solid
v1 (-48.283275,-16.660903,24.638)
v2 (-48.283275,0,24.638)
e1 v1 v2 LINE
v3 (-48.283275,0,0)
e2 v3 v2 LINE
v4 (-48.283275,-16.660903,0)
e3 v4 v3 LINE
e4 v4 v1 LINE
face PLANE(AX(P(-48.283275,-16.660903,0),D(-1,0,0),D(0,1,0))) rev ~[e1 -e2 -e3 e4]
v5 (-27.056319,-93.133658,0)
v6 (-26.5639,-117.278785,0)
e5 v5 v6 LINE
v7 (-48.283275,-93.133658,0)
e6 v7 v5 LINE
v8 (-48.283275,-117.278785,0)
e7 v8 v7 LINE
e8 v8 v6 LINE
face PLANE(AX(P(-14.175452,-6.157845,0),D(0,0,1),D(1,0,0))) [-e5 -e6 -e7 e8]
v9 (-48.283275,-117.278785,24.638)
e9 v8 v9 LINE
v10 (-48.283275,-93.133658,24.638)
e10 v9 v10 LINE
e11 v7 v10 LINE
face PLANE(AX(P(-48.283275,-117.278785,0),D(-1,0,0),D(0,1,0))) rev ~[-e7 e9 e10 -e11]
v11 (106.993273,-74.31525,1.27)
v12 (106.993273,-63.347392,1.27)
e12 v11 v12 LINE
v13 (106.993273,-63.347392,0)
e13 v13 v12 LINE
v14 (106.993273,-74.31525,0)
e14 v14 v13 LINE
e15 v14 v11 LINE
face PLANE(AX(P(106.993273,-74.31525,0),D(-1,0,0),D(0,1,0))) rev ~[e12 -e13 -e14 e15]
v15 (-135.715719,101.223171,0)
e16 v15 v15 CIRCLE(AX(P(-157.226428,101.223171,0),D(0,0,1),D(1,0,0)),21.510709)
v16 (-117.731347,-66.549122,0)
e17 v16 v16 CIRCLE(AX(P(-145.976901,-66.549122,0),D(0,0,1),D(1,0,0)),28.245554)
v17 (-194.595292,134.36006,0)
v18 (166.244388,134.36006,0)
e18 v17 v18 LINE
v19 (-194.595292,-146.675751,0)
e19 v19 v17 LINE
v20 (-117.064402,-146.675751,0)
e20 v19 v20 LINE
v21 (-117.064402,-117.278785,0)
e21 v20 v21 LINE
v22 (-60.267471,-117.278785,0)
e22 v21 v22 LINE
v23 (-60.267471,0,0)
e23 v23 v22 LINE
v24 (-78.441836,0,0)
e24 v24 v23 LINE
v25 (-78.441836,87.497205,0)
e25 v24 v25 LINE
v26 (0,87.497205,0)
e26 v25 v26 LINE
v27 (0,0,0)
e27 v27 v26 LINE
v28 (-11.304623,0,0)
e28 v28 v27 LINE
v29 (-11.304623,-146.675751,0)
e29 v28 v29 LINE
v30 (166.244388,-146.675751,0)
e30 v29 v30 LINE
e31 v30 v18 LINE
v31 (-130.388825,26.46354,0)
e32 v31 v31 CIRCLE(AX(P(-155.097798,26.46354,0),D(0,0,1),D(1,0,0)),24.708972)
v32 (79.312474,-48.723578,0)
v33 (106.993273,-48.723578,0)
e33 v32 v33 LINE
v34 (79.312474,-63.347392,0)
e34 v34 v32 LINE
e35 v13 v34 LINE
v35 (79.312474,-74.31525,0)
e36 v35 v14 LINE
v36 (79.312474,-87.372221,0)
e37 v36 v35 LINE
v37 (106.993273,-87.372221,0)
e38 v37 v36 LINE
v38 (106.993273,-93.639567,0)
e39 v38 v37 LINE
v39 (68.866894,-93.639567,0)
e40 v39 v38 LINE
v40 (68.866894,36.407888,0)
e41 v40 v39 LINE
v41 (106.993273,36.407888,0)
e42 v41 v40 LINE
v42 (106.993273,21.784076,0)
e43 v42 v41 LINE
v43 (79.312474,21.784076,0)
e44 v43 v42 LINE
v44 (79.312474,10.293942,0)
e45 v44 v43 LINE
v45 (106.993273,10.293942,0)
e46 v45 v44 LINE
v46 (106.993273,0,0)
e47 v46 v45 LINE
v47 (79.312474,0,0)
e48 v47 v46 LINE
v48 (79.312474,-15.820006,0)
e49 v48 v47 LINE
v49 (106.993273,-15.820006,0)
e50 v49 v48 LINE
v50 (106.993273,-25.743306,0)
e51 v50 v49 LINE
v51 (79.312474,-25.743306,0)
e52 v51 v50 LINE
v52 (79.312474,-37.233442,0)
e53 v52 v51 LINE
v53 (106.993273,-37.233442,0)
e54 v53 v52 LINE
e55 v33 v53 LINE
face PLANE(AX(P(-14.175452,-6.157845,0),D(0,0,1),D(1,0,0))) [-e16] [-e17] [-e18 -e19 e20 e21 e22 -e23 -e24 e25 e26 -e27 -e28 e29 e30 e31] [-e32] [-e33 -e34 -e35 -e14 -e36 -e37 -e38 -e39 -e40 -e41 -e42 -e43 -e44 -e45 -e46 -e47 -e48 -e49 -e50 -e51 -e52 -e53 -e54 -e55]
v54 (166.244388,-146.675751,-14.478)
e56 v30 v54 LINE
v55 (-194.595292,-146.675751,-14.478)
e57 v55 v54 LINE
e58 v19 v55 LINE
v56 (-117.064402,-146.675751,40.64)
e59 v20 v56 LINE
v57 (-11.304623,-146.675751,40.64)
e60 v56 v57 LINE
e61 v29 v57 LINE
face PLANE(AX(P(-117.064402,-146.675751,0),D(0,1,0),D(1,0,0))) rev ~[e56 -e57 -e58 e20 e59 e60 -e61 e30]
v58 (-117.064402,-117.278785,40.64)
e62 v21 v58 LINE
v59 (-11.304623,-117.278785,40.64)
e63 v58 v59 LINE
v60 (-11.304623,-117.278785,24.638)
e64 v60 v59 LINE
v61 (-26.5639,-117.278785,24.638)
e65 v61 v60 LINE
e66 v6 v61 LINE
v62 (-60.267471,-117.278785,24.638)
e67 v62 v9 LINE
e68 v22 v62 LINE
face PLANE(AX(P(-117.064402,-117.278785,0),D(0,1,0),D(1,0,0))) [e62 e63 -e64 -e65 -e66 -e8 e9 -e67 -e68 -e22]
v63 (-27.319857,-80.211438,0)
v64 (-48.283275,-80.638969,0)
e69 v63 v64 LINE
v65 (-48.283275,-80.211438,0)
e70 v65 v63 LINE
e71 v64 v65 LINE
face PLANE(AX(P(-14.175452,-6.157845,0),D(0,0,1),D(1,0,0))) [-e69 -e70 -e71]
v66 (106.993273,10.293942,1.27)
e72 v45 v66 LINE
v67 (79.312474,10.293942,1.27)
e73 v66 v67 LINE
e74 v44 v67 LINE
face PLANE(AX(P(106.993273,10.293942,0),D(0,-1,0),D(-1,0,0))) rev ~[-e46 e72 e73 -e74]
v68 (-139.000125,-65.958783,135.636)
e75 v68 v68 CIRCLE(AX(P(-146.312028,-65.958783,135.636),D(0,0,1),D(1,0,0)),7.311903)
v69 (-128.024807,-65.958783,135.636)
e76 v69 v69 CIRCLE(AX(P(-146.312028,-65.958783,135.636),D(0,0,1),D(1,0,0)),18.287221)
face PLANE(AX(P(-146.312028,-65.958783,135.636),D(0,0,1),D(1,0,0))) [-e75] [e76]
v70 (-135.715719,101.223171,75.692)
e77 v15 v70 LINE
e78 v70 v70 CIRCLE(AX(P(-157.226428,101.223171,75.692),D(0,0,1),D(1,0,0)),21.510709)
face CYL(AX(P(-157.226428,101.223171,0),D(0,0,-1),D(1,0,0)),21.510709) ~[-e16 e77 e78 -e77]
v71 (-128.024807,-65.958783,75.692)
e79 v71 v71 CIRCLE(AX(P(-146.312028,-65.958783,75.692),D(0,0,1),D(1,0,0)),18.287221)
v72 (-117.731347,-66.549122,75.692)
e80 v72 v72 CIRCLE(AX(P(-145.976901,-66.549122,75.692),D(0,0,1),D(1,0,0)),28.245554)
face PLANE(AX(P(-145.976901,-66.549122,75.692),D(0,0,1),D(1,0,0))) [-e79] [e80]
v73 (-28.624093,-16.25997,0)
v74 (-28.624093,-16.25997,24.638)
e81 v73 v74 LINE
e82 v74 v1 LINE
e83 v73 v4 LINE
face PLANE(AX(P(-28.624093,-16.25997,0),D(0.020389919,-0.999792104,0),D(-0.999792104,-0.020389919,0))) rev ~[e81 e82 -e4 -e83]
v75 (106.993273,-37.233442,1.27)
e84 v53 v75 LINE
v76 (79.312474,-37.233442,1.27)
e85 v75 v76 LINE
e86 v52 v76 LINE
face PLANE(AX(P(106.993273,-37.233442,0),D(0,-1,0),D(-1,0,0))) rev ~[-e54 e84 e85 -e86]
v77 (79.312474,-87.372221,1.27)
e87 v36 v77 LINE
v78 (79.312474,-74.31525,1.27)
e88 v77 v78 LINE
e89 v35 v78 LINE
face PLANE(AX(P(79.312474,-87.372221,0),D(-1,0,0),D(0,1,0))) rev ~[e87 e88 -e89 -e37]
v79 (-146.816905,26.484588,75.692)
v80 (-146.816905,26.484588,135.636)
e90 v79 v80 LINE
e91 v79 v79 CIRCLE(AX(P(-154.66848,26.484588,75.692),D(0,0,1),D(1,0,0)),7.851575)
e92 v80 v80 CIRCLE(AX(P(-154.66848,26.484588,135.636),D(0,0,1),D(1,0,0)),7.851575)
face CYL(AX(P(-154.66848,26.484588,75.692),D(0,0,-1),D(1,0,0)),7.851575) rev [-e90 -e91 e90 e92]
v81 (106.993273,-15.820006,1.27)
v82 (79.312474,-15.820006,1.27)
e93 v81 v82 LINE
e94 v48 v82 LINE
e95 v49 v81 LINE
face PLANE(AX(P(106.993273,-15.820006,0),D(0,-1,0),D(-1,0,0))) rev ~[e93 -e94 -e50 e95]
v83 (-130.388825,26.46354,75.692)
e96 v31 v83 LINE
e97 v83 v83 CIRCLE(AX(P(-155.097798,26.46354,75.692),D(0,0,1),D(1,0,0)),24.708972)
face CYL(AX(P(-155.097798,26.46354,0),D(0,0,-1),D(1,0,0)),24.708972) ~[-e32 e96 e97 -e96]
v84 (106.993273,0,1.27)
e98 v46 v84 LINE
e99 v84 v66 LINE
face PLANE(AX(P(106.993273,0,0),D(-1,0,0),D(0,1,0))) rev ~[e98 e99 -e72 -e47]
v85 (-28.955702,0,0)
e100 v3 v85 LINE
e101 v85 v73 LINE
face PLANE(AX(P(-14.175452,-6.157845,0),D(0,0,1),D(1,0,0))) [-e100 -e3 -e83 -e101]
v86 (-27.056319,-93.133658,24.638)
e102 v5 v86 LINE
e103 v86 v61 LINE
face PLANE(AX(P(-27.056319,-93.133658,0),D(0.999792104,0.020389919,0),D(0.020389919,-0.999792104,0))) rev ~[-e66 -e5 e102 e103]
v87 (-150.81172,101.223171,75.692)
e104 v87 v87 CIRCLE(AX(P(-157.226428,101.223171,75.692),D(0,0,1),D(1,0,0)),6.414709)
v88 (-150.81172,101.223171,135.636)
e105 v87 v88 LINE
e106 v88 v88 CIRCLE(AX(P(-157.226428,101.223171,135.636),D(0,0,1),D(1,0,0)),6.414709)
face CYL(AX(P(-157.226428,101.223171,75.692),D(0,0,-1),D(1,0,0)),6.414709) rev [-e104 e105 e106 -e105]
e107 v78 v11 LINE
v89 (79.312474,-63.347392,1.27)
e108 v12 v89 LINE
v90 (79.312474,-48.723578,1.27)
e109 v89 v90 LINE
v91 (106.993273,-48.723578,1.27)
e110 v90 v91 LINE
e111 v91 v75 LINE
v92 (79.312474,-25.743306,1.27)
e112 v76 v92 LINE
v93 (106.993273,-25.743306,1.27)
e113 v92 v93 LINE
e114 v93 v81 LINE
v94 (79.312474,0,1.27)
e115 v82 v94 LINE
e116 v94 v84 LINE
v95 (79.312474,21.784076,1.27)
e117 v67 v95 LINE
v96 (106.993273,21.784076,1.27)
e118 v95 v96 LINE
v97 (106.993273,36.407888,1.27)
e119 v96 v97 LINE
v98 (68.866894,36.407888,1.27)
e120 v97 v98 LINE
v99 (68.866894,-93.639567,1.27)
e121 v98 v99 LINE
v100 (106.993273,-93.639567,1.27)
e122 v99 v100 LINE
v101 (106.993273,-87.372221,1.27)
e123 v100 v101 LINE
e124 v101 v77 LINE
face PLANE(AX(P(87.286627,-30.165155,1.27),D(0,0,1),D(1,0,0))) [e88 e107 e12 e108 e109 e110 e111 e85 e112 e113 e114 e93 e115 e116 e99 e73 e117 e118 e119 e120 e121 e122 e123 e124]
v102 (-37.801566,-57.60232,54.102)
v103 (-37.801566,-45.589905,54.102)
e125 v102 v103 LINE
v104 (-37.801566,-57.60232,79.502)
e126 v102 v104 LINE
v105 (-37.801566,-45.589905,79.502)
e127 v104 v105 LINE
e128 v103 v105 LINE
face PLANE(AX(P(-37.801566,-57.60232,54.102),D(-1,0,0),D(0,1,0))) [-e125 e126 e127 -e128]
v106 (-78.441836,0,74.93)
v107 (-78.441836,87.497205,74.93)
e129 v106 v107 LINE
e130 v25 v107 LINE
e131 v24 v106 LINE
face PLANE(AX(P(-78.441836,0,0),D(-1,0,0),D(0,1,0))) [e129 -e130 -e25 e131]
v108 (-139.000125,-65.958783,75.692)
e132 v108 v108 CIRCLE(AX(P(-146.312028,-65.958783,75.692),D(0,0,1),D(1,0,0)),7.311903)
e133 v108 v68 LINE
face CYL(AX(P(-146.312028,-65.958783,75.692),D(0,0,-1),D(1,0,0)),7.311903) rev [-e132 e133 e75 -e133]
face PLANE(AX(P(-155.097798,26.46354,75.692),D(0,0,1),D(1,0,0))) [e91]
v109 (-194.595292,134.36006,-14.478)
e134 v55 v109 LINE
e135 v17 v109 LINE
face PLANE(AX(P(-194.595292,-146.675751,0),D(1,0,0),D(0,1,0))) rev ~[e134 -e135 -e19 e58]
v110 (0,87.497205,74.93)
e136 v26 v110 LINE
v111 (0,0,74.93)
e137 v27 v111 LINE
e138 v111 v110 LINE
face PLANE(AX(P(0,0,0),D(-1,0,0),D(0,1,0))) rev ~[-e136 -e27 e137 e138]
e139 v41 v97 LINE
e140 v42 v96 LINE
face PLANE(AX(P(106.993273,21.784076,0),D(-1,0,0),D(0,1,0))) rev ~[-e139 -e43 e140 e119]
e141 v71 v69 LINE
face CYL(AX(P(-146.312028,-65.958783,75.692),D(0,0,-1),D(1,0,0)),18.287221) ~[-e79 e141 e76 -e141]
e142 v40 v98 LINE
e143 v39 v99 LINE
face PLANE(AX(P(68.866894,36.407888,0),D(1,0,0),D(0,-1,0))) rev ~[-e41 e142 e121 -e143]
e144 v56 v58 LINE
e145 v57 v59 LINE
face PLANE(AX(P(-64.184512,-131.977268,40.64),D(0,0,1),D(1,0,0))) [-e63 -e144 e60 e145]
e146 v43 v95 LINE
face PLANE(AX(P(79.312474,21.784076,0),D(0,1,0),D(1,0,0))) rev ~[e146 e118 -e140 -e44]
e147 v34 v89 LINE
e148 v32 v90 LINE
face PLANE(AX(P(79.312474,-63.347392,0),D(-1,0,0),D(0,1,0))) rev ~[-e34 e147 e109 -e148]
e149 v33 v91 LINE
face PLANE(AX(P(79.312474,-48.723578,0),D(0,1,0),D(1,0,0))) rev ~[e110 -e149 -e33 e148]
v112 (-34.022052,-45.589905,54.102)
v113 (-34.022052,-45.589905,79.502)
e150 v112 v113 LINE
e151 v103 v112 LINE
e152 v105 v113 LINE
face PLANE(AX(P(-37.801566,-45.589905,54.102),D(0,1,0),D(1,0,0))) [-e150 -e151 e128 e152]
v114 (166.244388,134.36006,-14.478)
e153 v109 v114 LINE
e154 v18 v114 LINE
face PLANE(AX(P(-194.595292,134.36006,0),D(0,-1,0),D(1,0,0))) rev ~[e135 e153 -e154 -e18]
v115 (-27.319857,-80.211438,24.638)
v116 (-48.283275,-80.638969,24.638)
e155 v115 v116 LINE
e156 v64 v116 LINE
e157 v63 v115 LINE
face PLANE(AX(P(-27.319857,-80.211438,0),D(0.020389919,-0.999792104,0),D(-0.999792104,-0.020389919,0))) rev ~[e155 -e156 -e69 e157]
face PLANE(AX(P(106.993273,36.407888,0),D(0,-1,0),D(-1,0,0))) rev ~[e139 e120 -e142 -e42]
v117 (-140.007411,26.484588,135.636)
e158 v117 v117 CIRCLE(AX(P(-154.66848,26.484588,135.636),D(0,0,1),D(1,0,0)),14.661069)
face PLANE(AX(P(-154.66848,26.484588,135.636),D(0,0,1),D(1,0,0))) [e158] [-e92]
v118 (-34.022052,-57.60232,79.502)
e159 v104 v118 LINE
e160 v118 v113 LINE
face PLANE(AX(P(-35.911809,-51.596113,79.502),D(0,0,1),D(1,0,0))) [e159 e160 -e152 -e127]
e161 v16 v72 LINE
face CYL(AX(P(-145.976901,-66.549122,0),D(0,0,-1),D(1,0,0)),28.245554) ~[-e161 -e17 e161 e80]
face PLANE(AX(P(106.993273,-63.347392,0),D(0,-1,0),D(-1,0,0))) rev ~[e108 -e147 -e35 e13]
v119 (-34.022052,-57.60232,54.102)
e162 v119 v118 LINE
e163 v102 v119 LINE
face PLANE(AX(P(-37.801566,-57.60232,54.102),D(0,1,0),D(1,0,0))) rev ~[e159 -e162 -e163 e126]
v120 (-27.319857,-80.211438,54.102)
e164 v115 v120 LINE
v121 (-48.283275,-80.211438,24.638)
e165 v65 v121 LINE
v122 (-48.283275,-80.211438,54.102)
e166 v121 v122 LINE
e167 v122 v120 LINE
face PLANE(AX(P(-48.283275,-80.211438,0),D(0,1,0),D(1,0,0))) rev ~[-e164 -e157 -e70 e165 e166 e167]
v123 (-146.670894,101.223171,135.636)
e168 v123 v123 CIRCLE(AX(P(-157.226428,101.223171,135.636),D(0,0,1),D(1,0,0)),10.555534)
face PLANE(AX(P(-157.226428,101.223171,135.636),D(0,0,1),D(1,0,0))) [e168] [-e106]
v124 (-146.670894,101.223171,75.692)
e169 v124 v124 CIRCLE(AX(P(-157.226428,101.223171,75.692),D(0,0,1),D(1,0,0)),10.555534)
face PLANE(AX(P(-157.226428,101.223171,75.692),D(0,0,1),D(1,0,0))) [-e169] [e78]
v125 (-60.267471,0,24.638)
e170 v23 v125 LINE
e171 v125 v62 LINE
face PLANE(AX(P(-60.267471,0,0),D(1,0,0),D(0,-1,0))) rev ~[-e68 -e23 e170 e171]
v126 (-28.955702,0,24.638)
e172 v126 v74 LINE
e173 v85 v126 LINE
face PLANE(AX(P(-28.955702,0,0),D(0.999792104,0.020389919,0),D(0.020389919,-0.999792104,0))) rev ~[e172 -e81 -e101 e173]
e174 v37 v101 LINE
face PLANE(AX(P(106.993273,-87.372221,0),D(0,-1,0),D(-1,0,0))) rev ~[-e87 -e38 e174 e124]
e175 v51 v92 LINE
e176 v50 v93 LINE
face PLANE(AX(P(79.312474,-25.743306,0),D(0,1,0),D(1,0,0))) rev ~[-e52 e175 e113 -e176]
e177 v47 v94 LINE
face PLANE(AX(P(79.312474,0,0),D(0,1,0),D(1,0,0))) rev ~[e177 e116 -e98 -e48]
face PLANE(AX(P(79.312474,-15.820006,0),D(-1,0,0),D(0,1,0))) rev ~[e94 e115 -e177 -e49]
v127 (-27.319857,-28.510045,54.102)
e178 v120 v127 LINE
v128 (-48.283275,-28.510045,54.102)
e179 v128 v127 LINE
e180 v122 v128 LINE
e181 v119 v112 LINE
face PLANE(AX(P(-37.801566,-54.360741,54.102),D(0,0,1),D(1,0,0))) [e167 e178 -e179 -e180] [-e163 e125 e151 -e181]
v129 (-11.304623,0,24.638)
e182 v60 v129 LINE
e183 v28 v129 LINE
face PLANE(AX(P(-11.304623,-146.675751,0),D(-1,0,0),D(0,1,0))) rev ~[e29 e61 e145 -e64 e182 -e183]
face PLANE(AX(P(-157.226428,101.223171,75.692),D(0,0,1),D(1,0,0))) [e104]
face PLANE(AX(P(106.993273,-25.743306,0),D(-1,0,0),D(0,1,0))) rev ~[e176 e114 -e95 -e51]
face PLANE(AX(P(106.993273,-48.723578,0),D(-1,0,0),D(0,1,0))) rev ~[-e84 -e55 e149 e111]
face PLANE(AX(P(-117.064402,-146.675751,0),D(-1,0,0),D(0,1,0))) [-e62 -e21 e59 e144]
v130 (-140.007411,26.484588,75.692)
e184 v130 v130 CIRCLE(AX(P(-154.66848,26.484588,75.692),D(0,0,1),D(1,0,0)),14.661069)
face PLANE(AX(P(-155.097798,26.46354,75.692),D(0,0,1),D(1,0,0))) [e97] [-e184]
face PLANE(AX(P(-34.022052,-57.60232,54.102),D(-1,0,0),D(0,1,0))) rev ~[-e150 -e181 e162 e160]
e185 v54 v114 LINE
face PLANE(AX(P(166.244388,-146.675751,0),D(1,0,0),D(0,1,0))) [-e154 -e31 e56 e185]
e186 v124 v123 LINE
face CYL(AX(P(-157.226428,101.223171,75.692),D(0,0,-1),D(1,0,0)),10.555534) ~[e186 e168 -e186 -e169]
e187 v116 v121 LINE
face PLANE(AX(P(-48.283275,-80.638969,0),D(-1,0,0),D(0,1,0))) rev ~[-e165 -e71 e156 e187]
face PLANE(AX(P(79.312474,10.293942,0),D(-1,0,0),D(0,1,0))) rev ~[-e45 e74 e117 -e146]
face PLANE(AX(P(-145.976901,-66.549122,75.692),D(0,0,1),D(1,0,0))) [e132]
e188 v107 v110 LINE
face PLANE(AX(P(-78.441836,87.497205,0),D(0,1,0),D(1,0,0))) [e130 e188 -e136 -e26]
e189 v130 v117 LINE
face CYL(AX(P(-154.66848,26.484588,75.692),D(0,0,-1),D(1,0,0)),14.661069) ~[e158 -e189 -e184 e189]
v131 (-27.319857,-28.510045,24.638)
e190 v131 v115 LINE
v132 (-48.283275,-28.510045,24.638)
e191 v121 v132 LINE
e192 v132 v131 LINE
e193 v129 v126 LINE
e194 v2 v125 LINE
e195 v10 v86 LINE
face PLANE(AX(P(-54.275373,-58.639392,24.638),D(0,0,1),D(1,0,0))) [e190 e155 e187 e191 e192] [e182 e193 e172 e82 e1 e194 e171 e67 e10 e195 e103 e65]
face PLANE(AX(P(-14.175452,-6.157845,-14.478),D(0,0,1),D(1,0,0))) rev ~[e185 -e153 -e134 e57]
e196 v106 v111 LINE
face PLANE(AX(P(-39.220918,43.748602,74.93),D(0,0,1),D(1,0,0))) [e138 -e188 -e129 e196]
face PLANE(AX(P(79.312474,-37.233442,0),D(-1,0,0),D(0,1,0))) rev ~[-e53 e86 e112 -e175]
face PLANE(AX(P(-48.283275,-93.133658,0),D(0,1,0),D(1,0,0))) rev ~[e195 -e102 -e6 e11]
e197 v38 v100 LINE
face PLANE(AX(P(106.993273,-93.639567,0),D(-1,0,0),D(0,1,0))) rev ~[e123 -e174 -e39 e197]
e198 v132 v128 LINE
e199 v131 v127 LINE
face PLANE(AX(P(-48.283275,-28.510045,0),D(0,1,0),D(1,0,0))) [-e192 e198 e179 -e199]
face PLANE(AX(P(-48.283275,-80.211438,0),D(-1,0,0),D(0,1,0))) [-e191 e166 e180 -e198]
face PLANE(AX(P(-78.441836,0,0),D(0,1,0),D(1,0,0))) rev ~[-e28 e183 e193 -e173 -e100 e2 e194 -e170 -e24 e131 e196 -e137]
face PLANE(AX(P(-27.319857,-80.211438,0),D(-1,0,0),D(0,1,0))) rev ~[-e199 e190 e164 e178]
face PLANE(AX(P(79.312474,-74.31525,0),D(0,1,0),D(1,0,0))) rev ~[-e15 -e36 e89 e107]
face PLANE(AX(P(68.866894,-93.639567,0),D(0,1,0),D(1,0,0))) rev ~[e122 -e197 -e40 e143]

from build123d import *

# Parameters (mm, degrees)
F0_W      = 360.8396798372
F0_H      = 281.035810709
F1_DEPTH  = 14.478
F2_R      = 21.5107094722
F2_R_2    = 24.7089721203
F2_R_3    = 28.2455541112
F3_DEPTH  = 75.692
F4_R      = 10.5555341184
F4_R_2    = 6.4147085914
F4_R_3    = 14.6610687467
F4_R_4    = 7.8515753599
F4_R_5    = 18.2872208754
F4_R_6    = 7.3119029403
F5_DEPTH  = 59.944
F6_W      = 78.4418359399
F6_H      = 87.4972045422
F7_DEPTH  = 74.93
F9_DEPTH  = 24.638
F10_W     = 20.9634182729
F10_H     = 51.7013933032
F11_DEPTH = 54.102
F12_W     = 3.7795142394
F12_H     = 12.0124146342
F13_DEPTH = 25.4
F14_W     = 105.7597789913
F14_H     = 29.3969660997
F15_DEPTH = 40.64
F17_DEPTH = 1.27


with BuildPart() as f1:
    # F0 (on Top) → F1 (new body)
    with BuildSketch(Plane.XY):
        with Locations((-14.175452292, -6.1578452587)):
            Rectangle(F0_W, F0_H)
    extrude(amount=-F1_DEPTH)

    # F2 (on face) → F3 (join)
    with BuildSketch(Plane.XY):
        with Locations((-157.2264283895, 101.2231707573)):
            Circle(F2_R)
        with Locations((-155.097797513, 26.4635402709)):
            Circle(F2_R_2)
        with Locations((-145.9769010544, -66.5491223335)):
            Circle(F2_R_3)
    extrude(amount=F3_DEPTH)

    # F4 (on face) → F5 (join)
    with BuildSketch(Plane.XY.offset(75.692)):
        with Locations((-157.2264283895, 101.2231707573)):
            Circle(F4_R)
        with Locations((-157.2264283895, 101.2231707573)):
            Circle(F4_R_2, mode=Mode.SUBTRACT)
        with Locations((-154.6684801579, 26.4845881611)):
            Circle(F4_R_3)
        with Locations((-154.6684801579, 26.4845881611)):
            Circle(F4_R_4, mode=Mode.SUBTRACT)
        with Locations((-146.3120281696, -65.9587830305)):
            Circle(F4_R_5)
        with Locations((-146.3120281696, -65.9587830305)):
            Circle(F4_R_6, mode=Mode.SUBTRACT)
    extrude(amount=F5_DEPTH)

    # F6 (on face) → F7 (join)
    with BuildSketch(Plane.XY):
        with Locations((-39.2209179699, 43.7486022711)):
            Rectangle(F6_W, F6_H)
    extrude(amount=F7_DEPTH)

    # F8 (on face) → F9 (join)
    with BuildSketch(Plane.XY):
        Polygon((-48.2832752168, 0), (-60.267470777, 0), (-60.267470777, -66.7334496975), (-60.267470777, -117.2787845135), (-48.2832752168, -117.2787845135), (-48.2832752168, -93.1336581707), (-48.2832752168, -80.6389690893), (-48.2832752168, -58.6393922567), (-48.2832752168, -43.9444051084), (-48.2832752168, -28.5100445064), (-48.2832752168, -16.6609026492), align=None)
        Polygon((-28.6240933259, -16.2599701732), (-48.2832752168, -16.6609026492), (-48.2832752168, -28.5100445064), (-28.3742633655, -28.5100445064), align=None)
        Polygon((-27.3198569439, -16.2333713694), (-28.6240933259, -16.2599701732), (-28.3742633655, -28.5100445064), align=None)
        Polygon((-28.9557017386, 0), (-28.6240933259, -16.2599701732), (-27.3198569439, -16.2333713694), (-28.3742633655, -28.5100445064), (-28.0799994067, -42.9388798786), (-27.3198569439, -58.211860977), (-27.7683332748, -58.2210072744), (-27.3198569439, -80.2114378095), (-26.5638995916, -93.1336581707), (-27.0563191308, -93.1336581707), (-26.5638995916, -117.2787845135), (-11.304622516, -117.2787845135), (-11.304622516, 0), align=None)
        Polygon((-48.2832752168, -80.6389690893), (-48.2832752168, -93.1336581707), (-27.0563191308, -93.1336581707), (-27.3198569439, -80.2114378095), align=None)
        Polygon((-27.3198569439, -80.2114378095), (-27.0563191308, -93.1336581707), (-26.5638995916, -93.1336581707), align=None)
    extrude(amount=F9_DEPTH)

    # F10 (on face) → F11 (join)
    with BuildSketch(Plane.XY):
        with Locations((-37.8015660804, -54.360741158)):
            Rectangle(F10_W, F10_H)
    extrude(amount=F11_DEPTH)

    # F12 (on face) → F13 (join)
    with BuildSketch(Plane.XY.offset(54.102)):
        with Locations((-35.9118089607, -51.5961125493)):
            Rectangle(F12_W, F12_H)
    extrude(amount=F13_DEPTH)

    # F14 (on face) → F15 (join)
    with BuildSketch(Plane.XY):
        with Locations((-64.1845120117, -131.9772675633)):
            Rectangle(F14_W, F14_H)
    extrude(amount=F15_DEPTH)

    # F16 (on face) → F17 (join)
    with BuildSketch(Plane.XY):
        Polygon((106.9932729006, 36.4078879356), (68.8668936491, 36.4078879356), (68.8668936491, -93.6395674944), (106.9932729006, -93.6395674944), (106.9932729006, -87.3722210526), (79.3124735355, -87.3722210526), (79.3124735355, -74.3152499199), (106.9932729006, -74.3152499199), (106.9932729006, -63.3473917842), (79.3124735355, -63.3473917842), (79.3124735355, -48.7235784531), (106.9932729006, -48.7235784531), (106.9932729006, -37.2334420681), (79.3124735355, -37.2334420681), (79.3124735355, -25.7433056831), (106.9932729006, -25.7433056831), (106.9932729006, -15.8200059086), (79.3124735355, -15.8200059086), (79.3124735355, 0), (106.9932729006, 0), (106.9932729006, 10.2939419448), (79.3124735355, 10.2939419448), (79.3124735355, 21.7840764672), (106.9932729006, 21.7840764672), align=None)
    extrude(amount=F17_DEPTH)


solid = f1.part
